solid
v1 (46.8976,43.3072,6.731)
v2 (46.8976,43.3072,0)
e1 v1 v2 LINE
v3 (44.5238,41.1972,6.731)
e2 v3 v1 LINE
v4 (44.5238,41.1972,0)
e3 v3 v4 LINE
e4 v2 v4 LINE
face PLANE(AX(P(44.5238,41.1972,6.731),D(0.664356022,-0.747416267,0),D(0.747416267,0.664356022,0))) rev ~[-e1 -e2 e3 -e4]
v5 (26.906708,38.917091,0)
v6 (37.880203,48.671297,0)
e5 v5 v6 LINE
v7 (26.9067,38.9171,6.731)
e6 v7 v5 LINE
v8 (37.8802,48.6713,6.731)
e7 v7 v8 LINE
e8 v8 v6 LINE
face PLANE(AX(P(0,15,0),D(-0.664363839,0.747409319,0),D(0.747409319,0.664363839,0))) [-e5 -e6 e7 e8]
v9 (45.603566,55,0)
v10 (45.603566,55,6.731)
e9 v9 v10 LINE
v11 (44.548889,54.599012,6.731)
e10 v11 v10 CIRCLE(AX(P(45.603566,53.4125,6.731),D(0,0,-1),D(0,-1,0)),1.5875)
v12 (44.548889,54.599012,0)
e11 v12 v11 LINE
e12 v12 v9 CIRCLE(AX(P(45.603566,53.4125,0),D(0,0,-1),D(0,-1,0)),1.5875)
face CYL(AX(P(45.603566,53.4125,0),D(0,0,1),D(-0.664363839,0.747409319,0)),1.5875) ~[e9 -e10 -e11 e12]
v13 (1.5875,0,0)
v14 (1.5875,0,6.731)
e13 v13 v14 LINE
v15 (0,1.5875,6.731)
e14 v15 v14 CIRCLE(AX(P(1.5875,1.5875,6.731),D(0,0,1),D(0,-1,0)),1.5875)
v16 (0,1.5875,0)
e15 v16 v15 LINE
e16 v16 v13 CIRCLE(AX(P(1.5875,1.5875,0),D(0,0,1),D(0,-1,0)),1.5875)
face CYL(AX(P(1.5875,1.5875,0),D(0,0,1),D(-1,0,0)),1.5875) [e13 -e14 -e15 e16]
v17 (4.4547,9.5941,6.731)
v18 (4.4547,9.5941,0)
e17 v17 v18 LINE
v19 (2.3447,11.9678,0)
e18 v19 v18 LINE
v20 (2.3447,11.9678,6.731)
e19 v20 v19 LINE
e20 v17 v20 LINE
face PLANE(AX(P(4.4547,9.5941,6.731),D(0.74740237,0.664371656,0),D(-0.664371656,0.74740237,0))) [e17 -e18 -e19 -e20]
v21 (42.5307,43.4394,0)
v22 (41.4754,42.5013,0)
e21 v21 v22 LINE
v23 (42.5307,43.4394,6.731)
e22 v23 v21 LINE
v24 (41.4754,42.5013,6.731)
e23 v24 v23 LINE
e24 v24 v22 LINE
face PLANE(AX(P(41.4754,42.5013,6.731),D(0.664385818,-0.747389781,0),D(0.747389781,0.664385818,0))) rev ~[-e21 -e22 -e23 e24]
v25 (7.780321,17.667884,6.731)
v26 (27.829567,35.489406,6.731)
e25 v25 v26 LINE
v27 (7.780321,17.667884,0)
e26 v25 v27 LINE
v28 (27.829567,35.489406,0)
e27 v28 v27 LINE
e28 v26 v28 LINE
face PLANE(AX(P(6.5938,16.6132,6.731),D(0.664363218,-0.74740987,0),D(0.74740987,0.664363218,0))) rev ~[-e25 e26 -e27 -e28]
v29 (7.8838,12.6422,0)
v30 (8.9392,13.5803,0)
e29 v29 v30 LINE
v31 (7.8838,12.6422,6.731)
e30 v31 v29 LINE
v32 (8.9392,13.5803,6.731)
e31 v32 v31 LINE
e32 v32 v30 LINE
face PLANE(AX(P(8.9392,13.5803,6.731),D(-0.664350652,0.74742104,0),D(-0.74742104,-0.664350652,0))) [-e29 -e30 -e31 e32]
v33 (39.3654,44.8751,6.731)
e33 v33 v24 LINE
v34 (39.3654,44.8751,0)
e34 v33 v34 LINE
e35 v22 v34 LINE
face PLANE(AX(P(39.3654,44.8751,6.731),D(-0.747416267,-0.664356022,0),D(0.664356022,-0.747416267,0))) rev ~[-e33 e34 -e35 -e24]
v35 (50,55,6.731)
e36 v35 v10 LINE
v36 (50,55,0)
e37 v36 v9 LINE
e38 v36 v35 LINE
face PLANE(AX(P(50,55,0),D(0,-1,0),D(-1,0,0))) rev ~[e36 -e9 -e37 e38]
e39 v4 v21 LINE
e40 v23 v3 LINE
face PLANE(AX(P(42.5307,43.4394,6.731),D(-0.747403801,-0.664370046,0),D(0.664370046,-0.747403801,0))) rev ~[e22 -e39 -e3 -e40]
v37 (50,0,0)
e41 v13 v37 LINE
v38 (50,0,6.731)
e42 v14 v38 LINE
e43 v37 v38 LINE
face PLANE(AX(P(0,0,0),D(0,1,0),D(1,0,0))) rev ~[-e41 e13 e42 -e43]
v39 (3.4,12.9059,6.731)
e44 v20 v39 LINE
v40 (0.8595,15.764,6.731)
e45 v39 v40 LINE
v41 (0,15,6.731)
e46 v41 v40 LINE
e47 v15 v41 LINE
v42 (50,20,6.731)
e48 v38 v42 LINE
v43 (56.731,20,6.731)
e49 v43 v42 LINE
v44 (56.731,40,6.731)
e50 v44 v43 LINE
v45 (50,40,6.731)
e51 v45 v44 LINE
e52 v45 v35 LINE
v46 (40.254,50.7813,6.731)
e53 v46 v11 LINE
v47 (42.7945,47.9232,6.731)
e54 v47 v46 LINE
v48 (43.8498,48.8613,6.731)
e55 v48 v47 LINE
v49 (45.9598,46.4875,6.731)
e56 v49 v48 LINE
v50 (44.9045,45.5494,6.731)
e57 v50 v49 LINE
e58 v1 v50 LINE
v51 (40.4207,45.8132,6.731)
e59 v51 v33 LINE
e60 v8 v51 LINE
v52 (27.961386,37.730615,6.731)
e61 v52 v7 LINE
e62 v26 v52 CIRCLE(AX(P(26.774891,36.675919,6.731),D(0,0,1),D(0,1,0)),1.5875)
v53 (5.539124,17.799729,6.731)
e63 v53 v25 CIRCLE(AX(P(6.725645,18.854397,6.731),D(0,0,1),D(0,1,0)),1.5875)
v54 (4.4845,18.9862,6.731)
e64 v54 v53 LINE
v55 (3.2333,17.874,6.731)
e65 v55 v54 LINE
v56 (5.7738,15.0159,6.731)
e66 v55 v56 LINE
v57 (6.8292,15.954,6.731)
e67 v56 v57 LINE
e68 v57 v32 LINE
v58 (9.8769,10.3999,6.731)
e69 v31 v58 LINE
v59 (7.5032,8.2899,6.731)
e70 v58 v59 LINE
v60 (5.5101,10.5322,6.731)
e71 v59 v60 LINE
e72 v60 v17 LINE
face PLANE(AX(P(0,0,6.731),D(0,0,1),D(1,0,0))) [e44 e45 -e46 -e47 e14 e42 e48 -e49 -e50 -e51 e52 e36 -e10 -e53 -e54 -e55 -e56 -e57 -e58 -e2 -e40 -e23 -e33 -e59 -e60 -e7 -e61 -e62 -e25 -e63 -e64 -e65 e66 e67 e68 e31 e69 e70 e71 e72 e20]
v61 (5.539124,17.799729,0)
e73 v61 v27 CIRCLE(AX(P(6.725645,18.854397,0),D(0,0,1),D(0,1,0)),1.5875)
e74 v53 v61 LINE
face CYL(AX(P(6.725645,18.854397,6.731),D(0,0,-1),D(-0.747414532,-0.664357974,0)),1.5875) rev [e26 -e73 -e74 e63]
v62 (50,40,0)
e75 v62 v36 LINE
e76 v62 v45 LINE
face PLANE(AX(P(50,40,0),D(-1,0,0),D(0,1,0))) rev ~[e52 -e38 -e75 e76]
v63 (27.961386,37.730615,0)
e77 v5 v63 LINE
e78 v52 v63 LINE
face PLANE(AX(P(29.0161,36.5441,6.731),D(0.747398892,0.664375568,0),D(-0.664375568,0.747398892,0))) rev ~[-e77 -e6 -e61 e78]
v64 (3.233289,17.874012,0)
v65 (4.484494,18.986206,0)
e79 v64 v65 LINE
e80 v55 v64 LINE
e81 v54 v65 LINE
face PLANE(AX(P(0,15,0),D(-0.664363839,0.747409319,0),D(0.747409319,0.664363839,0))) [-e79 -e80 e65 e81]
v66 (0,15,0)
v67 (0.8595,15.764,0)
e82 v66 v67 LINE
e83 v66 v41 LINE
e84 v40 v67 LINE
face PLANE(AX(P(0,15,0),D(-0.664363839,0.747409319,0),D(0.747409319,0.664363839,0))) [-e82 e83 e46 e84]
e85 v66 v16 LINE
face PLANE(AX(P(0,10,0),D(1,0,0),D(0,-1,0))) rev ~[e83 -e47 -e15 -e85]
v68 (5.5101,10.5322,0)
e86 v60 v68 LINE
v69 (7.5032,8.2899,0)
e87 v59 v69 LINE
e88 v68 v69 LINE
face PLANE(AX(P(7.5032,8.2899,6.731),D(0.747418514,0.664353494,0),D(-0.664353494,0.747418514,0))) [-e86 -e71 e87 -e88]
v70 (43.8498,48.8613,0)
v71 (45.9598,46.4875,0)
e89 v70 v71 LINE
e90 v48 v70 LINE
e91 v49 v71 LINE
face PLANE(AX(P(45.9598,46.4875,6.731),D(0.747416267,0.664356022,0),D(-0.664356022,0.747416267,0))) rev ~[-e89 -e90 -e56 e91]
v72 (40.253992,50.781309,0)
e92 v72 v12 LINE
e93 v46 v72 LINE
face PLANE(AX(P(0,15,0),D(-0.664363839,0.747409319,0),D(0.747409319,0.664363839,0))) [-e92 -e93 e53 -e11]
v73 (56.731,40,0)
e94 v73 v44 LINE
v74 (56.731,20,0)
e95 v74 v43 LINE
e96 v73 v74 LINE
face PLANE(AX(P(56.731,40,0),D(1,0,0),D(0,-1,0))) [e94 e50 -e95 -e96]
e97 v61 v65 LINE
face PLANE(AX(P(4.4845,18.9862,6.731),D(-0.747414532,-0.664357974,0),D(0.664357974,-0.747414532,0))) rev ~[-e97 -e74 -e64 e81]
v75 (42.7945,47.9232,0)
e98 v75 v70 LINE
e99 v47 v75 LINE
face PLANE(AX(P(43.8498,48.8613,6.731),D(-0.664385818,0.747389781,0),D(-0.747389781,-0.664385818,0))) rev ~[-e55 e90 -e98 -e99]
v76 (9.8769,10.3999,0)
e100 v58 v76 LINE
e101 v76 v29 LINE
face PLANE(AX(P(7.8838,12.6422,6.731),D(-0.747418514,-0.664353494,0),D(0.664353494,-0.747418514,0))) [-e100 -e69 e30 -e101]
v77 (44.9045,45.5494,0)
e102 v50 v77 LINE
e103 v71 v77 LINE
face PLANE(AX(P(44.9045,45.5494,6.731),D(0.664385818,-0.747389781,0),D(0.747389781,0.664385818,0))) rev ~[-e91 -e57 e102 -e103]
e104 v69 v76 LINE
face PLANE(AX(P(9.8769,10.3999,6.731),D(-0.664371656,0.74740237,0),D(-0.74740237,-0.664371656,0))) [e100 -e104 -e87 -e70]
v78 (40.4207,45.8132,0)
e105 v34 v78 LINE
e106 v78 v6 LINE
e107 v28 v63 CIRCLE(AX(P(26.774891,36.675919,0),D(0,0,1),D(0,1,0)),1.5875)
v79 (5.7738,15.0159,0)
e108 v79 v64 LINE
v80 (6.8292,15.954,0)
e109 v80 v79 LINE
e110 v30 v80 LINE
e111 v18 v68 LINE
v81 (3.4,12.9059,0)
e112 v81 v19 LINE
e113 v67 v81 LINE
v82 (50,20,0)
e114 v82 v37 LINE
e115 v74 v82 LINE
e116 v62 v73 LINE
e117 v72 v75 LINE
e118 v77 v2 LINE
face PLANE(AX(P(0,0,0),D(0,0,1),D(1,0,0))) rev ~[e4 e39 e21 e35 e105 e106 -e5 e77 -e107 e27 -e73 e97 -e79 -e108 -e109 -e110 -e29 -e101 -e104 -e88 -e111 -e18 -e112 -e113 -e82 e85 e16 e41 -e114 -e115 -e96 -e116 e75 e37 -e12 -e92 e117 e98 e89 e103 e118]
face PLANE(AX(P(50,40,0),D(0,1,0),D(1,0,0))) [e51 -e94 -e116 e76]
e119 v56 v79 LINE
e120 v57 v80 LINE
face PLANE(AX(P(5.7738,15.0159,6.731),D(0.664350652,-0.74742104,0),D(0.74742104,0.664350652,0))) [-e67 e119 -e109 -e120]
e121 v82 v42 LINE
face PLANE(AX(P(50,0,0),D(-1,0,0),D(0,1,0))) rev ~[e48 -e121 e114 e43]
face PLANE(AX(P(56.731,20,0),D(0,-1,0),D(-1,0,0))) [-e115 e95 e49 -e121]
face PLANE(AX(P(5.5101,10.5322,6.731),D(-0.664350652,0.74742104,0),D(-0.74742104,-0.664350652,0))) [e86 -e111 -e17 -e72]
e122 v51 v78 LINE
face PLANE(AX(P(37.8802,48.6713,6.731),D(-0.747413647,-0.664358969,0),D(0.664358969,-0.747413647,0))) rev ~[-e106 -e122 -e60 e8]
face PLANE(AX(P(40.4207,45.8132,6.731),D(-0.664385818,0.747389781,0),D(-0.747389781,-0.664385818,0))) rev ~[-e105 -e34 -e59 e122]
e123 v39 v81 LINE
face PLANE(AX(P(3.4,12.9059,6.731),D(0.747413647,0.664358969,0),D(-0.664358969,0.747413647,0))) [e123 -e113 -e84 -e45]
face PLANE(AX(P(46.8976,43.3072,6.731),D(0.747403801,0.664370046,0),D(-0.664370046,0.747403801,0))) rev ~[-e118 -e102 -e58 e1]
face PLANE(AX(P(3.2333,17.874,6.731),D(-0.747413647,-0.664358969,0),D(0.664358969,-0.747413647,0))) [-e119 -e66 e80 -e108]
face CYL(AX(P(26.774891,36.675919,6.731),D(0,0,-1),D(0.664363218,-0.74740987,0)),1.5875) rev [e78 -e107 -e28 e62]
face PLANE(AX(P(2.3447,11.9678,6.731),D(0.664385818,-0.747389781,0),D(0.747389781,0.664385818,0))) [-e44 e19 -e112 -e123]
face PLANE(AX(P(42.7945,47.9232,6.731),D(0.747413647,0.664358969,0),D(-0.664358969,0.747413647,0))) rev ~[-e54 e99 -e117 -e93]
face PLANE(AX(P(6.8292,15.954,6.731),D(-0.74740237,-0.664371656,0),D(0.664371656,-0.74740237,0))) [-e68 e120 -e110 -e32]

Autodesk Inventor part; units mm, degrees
ref_plane "YZ Plane" through (0, 0, 0) normal (1, 0, 0) x (0, 1, 0)
ref_plane "XZ Plane" through (0, 0, 0) normal (0, 1, 0) x (-1, 0, 0)
ref_plane "XY Plane" through (0, 0, 0) normal (0, 0, 1) x (1, 0, 0)
sketch "Sketch1" plane through (0, 0, 0) normal (0, 0, 1) x (1, 0, 0)
  line L0 (0, 0) -> (50, 0)
  line L1 (50, 0) -> (50, 40)
  line L2 (50, 40) -> (56.731, 40)
  line L3 (56.731, 40) -> (56.731, 20)
  line L4 (56.731, 20) -> (50, 20)
  line L5 (50, 20) -> (50, 40)
  line L6 (10, 3.269) -> (30, 3.269)
  line L7 (30, 3.269) -> (30, 10)
  line L8 (30, 10) -> (10, 10)
  line L9 (10, 10) -> (10, 3.269)
  line L10 (0, 10) -> (10, 10)
  line L11 (30, 10) -> (50, 10)
  line L12 (0, 10) -> (0, 0)
  line L13 (0, 10) -> (0, 15)
  line L14 (0, 15) -> (45, 55)
  line L15 (50, 40) -> (50, 55)
  line L16 (50, 55) -> (45, 55)
  point P0 (20, 3.269)
  point P1 (20, 0)
  dimension "d2" = 20
  dimension "d3" = 20
  dimension "d5" = 6.731
  dimension "d6" = 10
  dimension "d9" = 10
  dimension "d11" = 20
  dimension "d12" = 20
  dimension "d14" = 5
  dimension "d16" = 15
  dimension "d17" = 5
extrude "Extrusion1" add sketch "Sketch1" along normal blind 6.731
sketch "Sketch2" plane through (0, 0, 6.731) normal (0, 0, 1) x (1, 0, 0)
  line L0 (45, 55) -> (0, 15) projected
  line L1 (4.4845, 18.9862) -> (6.5938, 16.6132)
  line L2 (6.5938, 16.6132) -> (29.0161, 36.5441)
  line L3 (29.0161, 36.5441) -> (26.9067, 38.9171)
  dimension "d18" = 3.175
  dimension "d19" = 30
  dimension "d20" = 6
extrude "Extrusion2" cut sketch "Sketch2" against normal up to next
fillet "Fillet1" radius 1.5875 4 edges at (45, 55, 3.3655) (0, 0, 3.3655) (6.5938, 16.6132, 3.3655) (29.0161, 36.5441, 3.3655)
sketch "Sketch3" plane through (0, 0, 6.731) normal (0, 0, 1) x (1, 0, 0)
  line L0 (45, 55) -> (0, 15) projected
  line L1 (3.2333, 17.874) -> (5.7738, 15.0159)
  line L2 (5.7738, 15.0159) -> (6.8292, 15.954)
  line L3 (6.8292, 15.954) -> (8.9392, 13.5803)
  line L4 (8.9392, 13.5803) -> (7.8838, 12.6422)
  line L5 (7.8838, 12.6422) -> (9.8769, 10.3999)
  line L6 (9.8769, 10.3999) -> (7.5032, 8.2899)
  line L7 (7.5032, 8.2899) -> (5.5101, 10.5322)
  line L8 (5.5101, 10.5322) -> (4.4547, 9.5941)
  line L9 (4.4547, 9.5941) -> (2.3447, 11.9678)
  line L10 (2.3447, 11.9678) -> (3.4, 12.9059)
  line L11 (3.4, 12.9059) -> (0.8595, 15.764)
  line L12 (37.8802, 48.6713) -> (40.4207, 45.8132)
  line L13 (40.4207, 45.8132) -> (39.3654, 44.8751)
  line L14 (39.3654, 44.8751) -> (41.4754, 42.5013)
  line L15 (41.4754, 42.5013) -> (42.5307, 43.4394)
  line L16 (42.5307, 43.4394) -> (44.5238, 41.1972)
  line L17 (44.5238, 41.1972) -> (46.8976, 43.3072)
  line L18 (46.8976, 43.3072) -> (44.9045, 45.5494)
  line L19 (44.9045, 45.5494) -> (45.9598, 46.4875)
  line L20 (45.9598, 46.4875) -> (43.8498, 48.8613)
  line L21 (43.8498, 48.8613) -> (42.7945, 47.9232)
  line L22 (42.7945, 47.9232) -> (40.254, 50.7813)
  dimension "d24" = 3.176
  dimension "d25" = 10
  dimension "d26" = 3
  dimension "d27" = 6
  dimension "d28" = 1.15
  dimension "d29" = 6.35
extrude "Extrusion3" cut sketch "Sketch3" against normal up to next
equation "\"d5\" = THICKB"
equation "\"d7\" = THICKB"
equation "\"THICKA\" = 3.175"
equation "\"THICKB\" = 6.731"
equation "\"THICKC\" = 12.7"
equation "\"THICKPLY\" = 5"
equation "\"MAGDIA\" = 9.5"
equation "\"BALLDIA\" = 12"
properties part number "Mount_LCD_End_SD"
